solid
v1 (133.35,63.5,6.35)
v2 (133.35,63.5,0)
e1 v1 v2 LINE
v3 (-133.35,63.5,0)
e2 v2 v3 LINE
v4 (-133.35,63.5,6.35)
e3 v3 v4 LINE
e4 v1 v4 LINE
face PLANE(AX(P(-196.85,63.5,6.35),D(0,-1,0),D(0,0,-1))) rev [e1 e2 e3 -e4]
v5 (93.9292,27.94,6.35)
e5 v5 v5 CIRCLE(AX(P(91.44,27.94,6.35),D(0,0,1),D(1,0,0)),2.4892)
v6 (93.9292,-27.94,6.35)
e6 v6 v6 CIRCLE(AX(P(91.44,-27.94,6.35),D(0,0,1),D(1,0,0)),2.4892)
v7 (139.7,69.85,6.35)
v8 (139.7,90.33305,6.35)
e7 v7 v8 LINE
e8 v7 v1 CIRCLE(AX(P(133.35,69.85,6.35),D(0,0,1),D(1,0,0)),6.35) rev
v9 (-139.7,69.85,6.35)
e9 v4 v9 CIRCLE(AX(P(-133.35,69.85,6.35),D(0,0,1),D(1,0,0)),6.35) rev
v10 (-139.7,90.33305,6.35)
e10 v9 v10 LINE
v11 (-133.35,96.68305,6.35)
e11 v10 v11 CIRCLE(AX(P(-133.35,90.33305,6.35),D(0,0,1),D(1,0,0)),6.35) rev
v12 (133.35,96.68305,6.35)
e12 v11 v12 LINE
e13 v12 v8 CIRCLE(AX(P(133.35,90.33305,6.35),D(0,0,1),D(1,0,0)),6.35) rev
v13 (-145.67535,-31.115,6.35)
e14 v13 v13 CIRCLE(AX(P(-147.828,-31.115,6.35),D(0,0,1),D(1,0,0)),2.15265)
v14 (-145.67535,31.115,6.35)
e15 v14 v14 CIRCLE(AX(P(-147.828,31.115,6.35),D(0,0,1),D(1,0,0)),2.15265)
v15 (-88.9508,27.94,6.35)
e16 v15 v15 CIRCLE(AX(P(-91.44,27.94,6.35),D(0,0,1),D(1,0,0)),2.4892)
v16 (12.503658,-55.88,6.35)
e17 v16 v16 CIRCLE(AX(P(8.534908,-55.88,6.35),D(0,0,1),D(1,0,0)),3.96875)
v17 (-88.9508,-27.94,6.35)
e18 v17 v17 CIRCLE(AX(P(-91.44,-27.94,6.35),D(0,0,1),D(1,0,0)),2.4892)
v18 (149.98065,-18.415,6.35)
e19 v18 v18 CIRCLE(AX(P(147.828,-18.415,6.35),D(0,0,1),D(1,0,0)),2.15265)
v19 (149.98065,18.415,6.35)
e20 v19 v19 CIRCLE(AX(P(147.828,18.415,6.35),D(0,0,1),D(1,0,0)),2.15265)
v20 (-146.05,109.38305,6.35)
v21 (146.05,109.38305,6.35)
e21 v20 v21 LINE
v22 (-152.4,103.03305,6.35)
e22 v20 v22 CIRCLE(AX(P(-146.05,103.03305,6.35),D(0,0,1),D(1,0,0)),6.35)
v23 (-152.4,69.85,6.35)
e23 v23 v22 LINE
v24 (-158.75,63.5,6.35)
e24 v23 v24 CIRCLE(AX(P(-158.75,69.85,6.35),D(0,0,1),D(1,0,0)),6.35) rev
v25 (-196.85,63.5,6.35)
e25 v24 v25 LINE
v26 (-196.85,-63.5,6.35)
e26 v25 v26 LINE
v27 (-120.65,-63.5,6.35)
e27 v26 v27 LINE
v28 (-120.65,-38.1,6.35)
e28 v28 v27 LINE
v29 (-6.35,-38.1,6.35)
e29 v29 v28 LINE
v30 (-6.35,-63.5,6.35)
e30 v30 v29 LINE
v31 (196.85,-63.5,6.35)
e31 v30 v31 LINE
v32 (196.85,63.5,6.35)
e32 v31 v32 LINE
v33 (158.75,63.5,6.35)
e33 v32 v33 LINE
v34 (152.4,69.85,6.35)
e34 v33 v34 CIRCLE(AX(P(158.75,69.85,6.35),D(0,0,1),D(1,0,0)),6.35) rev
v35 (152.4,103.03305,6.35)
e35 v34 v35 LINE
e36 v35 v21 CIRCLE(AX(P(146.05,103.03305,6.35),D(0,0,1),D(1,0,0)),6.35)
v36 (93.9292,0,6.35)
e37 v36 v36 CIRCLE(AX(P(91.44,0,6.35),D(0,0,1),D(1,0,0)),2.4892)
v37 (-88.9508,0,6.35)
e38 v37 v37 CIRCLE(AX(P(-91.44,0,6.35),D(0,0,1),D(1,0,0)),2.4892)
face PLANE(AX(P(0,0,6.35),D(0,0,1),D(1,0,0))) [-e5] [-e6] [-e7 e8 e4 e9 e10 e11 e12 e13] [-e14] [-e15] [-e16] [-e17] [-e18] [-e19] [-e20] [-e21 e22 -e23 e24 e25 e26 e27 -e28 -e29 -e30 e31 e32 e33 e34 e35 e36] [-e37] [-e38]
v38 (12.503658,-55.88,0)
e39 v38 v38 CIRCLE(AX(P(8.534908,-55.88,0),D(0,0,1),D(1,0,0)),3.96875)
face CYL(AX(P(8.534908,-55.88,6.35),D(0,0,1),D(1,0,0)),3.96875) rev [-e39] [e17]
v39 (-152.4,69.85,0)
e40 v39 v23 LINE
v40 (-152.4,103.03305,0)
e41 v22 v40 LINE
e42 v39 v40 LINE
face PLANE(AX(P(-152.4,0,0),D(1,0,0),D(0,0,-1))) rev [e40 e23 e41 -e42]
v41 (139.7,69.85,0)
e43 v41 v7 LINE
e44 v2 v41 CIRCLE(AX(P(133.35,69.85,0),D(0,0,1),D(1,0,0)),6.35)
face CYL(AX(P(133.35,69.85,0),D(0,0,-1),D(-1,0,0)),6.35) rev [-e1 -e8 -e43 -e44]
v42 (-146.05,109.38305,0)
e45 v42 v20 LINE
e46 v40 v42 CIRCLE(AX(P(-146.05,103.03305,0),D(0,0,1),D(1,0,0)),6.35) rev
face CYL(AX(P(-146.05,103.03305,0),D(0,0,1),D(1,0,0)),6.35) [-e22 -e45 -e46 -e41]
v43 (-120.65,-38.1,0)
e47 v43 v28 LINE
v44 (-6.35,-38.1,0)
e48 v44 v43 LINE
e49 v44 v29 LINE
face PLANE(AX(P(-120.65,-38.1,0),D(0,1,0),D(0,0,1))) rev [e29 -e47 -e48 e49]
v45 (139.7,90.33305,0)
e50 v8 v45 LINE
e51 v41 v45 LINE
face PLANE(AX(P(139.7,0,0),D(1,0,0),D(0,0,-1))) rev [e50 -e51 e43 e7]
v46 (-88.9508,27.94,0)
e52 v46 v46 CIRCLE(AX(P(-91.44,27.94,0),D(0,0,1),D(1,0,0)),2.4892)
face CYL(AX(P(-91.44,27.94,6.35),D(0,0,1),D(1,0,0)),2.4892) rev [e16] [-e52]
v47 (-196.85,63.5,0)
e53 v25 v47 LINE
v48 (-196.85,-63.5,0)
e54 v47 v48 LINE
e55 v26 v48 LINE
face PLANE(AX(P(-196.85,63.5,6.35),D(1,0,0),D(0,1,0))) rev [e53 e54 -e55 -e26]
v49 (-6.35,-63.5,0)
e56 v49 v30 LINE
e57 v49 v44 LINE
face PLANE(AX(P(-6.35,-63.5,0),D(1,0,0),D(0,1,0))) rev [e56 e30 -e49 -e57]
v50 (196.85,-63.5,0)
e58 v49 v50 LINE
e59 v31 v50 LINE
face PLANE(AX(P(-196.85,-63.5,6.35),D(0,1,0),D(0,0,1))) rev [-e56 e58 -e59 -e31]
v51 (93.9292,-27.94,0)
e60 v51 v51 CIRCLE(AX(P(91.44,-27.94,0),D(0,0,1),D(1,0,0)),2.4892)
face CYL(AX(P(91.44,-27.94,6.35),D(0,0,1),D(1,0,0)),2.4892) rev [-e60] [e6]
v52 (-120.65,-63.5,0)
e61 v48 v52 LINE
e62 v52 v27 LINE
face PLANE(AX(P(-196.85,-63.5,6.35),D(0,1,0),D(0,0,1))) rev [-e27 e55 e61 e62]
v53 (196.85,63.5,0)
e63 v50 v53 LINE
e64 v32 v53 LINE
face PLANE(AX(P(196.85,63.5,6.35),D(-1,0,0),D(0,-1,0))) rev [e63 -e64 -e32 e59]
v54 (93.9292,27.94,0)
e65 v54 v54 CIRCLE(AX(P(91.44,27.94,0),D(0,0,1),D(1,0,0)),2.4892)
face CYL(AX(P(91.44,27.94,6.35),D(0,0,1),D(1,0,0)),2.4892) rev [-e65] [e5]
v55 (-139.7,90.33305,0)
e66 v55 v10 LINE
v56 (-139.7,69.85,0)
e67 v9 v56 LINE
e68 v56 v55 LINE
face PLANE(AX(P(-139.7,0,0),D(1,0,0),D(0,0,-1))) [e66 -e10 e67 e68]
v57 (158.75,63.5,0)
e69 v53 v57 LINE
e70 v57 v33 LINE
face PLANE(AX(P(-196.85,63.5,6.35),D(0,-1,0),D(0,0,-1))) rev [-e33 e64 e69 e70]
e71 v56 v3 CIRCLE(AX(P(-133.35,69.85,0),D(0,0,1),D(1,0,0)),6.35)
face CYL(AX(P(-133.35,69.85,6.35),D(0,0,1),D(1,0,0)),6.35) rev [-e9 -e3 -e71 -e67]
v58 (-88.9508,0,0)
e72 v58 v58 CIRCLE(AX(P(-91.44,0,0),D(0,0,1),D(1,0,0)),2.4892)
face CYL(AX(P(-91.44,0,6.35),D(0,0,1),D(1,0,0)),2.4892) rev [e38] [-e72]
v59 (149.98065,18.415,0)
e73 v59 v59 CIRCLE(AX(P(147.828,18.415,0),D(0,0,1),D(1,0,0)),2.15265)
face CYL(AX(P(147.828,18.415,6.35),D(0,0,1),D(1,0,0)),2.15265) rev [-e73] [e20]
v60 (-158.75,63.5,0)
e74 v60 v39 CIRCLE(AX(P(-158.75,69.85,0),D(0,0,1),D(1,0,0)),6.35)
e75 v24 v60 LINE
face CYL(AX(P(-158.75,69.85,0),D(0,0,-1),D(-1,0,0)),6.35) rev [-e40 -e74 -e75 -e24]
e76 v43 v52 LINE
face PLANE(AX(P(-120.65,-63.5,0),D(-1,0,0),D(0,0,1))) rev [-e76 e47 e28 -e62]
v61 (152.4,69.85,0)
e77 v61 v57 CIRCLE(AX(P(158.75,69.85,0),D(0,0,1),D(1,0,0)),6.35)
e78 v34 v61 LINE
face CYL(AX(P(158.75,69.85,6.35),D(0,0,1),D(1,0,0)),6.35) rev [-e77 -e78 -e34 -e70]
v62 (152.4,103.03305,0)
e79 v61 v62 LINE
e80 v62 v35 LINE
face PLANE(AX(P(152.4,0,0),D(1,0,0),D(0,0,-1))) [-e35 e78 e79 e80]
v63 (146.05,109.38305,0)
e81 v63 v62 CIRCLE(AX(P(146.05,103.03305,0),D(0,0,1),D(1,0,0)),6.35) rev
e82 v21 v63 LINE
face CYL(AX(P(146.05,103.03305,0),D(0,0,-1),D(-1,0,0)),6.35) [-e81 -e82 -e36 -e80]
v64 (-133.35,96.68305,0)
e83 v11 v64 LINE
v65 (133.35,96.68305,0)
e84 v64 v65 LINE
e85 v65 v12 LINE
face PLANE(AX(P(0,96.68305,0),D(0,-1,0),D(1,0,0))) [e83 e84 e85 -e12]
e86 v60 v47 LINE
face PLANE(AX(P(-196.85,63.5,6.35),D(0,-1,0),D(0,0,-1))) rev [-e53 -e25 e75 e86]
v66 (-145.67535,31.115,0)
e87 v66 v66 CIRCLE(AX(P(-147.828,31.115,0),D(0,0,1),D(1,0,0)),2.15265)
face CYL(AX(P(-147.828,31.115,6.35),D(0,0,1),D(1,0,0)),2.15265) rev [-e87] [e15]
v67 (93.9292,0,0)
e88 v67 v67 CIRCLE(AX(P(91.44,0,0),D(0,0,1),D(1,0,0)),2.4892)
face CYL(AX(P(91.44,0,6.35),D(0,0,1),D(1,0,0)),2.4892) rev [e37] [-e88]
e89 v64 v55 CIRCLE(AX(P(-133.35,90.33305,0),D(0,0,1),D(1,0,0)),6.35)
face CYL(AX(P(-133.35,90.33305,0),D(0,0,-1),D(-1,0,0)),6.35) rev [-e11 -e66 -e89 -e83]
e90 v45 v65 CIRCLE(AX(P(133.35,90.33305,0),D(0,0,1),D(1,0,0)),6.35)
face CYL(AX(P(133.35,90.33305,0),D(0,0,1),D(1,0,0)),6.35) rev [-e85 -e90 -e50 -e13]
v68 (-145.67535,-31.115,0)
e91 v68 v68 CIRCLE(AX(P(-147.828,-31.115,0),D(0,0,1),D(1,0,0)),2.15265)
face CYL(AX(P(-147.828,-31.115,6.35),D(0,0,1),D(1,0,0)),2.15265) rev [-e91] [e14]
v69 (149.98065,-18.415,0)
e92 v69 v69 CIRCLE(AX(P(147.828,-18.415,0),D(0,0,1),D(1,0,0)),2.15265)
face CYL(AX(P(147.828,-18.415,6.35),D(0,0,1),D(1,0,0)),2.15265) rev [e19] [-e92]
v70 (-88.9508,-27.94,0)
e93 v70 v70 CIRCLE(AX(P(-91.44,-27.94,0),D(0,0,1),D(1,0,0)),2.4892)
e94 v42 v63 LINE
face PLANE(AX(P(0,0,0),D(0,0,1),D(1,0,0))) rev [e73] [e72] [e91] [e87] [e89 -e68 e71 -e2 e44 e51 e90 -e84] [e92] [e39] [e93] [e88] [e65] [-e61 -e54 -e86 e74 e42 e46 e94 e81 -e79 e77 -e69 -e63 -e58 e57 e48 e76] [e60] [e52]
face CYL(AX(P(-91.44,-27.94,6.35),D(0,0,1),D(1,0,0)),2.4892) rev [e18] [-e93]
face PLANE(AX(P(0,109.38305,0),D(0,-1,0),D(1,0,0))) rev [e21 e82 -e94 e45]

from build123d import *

# Parameters (mm, degrees)
SKETCH1_W                      = 393.7
SKETCH1_H                      = 127
BOSS_EXTRUDE1_DEPTH            = 6.35
F_10_CLEARANCE_HOLE1_D         = 4.9784
BOSS_EXTRUDE2_DEPTH            = 6.35
FILLET1_R                      = 6.35
F_8_CLEARANCE_HOLE1_D          = 4.3053
SKETCH11_W                     = 114.3
SKETCH11_H                     = 25.4
CUT_EXTRUDE1_DEPTH             = 226.28847424
F_5_16_0_3125_DIAMETER_HOLE1_D = 7.9375


with BuildPart() as part:
    # Sketch1 → Boss-Extrude1 (new body)
    with BuildSketch(Plane.XY):
        Rectangle(SKETCH1_W, SKETCH1_H)
    extrude(amount=BOSS_EXTRUDE1_DEPTH)

    # #10 Clearance Hole1 (through all)
    with Locations(Plane.XY.offset(6.35)):
        with Locations((-91.44, 27.94), (-91.44, -27.94), (91.44, 27.94), (91.44, -27.94), (-91.44, 0), (91.44, 0)):
            Hole(F_10_CLEARANCE_HOLE1_D / 2)

    # Sketch10 → Boss-Extrude2 (add)
    with BuildSketch(Plane.XY.offset(6.35)):
        Polygon((-152.4, 63.5), (-139.7, 63.5), (-139.7, 96.68304999), (139.7, 96.68304999), (139.7, 63.5), (152.4, 63.5), (152.4, 109.38304999), (-152.4, 109.38304999), align=None)
    extrude(amount=-BOSS_EXTRUDE2_DEPTH)

    # Fillet1
    fillet1_edges = [part.edges().sort_by_distance(p)[0] for p in [
        (152.4, 109.38304999, 3.175),
        (-152.4, 109.38304999, 3.175),
        (-152.4, 63.5, 3.175),
        (152.4, 63.5, 3.175),
        (139.7, 96.68304999, 3.175),
        (139.7, 63.5, 3.175),
        (-139.7, 63.5, 3.175),
        (-139.7, 96.68304999, 3.175),
    ]]
    fillet(fillet1_edges, radius=FILLET1_R)

    # #8 Clearance Hole1 (through all)
    with Locations(Plane.XY.offset(6.35)):
        with Locations((-147.828, 31.115), (-147.828, -31.115), (147.828, 18.415), (147.828, -18.415)):
            Hole(F_8_CLEARANCE_HOLE1_D / 2)

    # Sketch11 → Cut-Extrude1 (cut, through all)
    with BuildSketch(Plane.XY.offset(6.35)):
        with Locations((-63.5, -50.8)):
            Rectangle(SKETCH11_W, SKETCH11_H)
    extrude(amount=-CUT_EXTRUDE1_DEPTH, mode=Mode.SUBTRACT)

    # 5/16 (0.3125) Diameter Hole1 (through all)
    with Locations(Plane.XY.offset(6.35)):
        with Locations((8.534908, -55.88)):
            Hole(F_5_16_0_3125_DIAMETER_HOLE1_D / 2)


solid = part.part
